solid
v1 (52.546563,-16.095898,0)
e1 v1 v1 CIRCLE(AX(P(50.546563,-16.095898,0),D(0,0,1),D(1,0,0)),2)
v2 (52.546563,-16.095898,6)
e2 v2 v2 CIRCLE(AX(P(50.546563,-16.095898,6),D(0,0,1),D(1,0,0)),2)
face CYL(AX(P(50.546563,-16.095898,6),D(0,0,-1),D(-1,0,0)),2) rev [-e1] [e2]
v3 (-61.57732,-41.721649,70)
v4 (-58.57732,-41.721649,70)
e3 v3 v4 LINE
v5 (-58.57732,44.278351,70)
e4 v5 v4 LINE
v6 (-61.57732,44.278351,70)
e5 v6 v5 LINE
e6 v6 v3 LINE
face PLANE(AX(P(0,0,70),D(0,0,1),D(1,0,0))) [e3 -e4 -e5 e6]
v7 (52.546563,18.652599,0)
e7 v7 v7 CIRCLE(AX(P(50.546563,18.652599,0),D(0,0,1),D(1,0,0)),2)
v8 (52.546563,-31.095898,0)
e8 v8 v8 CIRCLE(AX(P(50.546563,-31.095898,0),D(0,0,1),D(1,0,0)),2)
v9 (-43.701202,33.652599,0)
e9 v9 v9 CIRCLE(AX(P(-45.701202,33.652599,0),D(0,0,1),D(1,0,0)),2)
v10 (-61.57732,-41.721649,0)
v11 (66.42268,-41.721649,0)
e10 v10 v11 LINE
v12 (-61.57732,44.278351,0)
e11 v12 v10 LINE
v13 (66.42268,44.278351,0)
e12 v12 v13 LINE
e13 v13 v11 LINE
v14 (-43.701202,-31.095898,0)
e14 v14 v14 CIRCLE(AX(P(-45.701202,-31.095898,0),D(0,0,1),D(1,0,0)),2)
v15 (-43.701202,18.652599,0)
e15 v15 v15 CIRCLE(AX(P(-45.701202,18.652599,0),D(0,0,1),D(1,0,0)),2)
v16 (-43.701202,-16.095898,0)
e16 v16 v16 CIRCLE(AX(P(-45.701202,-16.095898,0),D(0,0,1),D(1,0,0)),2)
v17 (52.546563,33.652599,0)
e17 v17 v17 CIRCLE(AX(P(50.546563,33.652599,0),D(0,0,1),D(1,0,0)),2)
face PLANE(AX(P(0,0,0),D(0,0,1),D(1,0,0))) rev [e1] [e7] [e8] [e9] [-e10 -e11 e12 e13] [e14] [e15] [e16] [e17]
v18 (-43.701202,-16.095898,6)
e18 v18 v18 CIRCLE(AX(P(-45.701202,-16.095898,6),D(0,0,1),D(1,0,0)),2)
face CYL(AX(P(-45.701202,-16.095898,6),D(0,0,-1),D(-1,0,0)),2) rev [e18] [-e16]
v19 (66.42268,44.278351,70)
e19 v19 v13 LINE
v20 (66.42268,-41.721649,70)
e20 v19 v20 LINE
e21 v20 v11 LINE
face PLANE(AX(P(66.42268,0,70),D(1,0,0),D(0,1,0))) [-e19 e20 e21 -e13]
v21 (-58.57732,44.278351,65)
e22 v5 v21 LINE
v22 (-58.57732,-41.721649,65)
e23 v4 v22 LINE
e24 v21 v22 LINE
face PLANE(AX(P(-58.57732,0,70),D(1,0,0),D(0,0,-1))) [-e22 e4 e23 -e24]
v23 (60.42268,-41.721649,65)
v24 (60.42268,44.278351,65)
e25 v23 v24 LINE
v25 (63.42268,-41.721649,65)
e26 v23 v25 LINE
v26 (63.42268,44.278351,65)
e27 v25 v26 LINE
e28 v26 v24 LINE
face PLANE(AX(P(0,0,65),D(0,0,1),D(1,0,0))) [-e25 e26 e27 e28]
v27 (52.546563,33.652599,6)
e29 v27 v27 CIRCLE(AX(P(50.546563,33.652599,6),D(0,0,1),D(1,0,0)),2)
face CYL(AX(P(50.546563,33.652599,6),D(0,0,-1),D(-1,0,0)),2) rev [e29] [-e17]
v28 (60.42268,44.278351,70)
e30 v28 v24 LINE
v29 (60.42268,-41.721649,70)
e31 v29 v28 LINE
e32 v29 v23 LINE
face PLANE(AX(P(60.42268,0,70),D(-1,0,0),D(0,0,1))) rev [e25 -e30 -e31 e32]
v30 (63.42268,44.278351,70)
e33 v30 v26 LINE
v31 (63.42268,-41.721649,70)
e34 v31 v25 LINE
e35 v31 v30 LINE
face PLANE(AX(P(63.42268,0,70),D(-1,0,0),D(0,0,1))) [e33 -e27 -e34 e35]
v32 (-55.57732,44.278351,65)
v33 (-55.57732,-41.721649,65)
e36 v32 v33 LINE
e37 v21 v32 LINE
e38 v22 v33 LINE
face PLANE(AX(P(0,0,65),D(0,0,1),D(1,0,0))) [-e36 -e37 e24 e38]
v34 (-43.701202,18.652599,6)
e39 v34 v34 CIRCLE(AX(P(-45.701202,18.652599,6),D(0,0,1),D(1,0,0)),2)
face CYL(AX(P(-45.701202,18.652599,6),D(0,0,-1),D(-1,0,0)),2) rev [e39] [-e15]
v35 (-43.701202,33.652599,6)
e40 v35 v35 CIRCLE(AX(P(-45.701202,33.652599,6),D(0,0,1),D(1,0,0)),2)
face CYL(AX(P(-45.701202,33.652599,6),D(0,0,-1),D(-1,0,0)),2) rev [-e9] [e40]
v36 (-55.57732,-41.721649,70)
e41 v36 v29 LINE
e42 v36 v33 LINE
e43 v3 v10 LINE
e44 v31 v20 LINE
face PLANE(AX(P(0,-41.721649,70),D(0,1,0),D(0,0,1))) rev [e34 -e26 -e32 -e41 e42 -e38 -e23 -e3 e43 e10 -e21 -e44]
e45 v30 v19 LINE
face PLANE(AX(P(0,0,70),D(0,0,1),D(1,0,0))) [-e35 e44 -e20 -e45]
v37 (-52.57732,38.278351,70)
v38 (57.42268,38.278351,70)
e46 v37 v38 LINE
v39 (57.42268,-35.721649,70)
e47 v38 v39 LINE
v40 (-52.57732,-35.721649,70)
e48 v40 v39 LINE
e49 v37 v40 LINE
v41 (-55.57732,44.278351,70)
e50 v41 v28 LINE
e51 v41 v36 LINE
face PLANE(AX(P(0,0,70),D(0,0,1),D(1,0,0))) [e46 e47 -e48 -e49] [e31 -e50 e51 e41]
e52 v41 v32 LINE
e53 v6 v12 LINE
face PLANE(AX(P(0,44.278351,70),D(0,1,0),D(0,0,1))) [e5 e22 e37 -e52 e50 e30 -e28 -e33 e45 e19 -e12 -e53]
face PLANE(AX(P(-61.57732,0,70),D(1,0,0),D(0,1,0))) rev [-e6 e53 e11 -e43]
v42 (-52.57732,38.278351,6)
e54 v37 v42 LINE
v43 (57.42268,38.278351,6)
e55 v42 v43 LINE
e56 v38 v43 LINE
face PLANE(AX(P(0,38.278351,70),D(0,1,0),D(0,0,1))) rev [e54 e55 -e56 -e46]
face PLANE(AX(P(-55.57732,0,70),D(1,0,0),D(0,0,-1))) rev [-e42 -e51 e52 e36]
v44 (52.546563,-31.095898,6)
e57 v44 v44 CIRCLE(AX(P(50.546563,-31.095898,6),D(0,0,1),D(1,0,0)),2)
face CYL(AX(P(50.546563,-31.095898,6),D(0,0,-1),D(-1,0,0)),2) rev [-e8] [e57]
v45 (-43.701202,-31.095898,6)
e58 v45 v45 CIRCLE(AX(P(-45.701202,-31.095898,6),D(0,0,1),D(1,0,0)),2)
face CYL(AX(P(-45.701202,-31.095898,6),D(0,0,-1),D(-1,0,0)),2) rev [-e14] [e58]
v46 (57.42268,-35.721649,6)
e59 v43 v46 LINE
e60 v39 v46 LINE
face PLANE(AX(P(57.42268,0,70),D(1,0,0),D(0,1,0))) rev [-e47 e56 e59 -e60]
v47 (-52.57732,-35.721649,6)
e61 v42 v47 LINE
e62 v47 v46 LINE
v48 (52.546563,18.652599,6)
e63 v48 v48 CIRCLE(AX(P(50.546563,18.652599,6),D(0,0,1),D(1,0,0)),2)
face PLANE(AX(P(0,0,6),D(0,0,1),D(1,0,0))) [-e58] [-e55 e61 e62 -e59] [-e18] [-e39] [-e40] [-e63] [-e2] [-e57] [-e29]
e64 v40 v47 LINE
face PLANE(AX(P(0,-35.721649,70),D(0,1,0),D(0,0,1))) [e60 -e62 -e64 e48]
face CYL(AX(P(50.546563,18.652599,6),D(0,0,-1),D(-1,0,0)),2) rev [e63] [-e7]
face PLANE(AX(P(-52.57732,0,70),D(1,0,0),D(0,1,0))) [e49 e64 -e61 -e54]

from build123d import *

# Parameters (mm, degrees)
SKETCH_1_W         = 3
SKETCH_1_H         = 86
EXTRUDE_10_DEPTH   = 70
SKETCH_1_W_2       = 116
SKETCH_1_W_3       = 110
SKETCH_1_H_2       = 74
EXTRUDE_10_2_DEPTH = 70
EXTRUDE_10_3_DEPTH = 70
EXTRUDE_11_DEPTH   = 65
SKETCH_1_12_W      = 110
SKETCH_1_12_H      = 74
SKETCH_1_12_R      = 2
EXTRUDE_12_DEPTH   = 6


with BuildPart() as part:
    # Эскиз1 → Бобышка-Вытянуть10 (new body)
    with BuildSketch(Plane.XY):
        with Locations((-60.077319588, 1.278350515)):
            Rectangle(SKETCH_1_W, SKETCH_1_H)
    extrude(amount=EXTRUDE_10_DEPTH)



with BuildPart() as body_2:
    # Эскиз1 → Extrude 10 2 (new body)
    with BuildSketch(Plane.XY):
        with Locations((2.422680412, 1.278350515)):
            Rectangle(SKETCH_1_W_2, SKETCH_1_H)
        with Locations((2.422680412, 1.278350515)):
            Rectangle(SKETCH_1_W_3, SKETCH_1_H_2, mode=Mode.SUBTRACT)
    extrude(amount=EXTRUDE_10_2_DEPTH)


with BuildPart() as body_3:
    # Эскиз1 → Extrude 10 3 (new body)
    with BuildSketch(Plane.XY):
        with Locations((64.922680412, 1.278350515)):
            Rectangle(SKETCH_1_W, SKETCH_1_H)
    extrude(amount=EXTRUDE_10_3_DEPTH)


with BuildPart() as part_1:
    add(part.part)

    add(body_2.part)  # Бобышка-Вытянуть11 merges body 2

    add(body_3.part)  # Бобышка-Вытянуть11 merges body 3
    # Эскиз1<11> → Бобышка-Вытянуть11 (add)
    with BuildSketch(Plane.XY):
        Polygon((-58.577319588, 38.278350515), (-58.577319588, 44.278350515), (-55.577319588, 44.278350515), (-55.577319588, 38.278350515), (-55.577319588, -35.721649485), (-55.577319588, -41.721649485), (-58.577319588, -41.721649485), (-58.577319588, -35.721649485), align=None)
        Polygon((60.422680412, -35.721649485), (60.422680412, -41.721649485), (63.422680412, -41.721649485), (63.422680412, -35.721649485), (63.422680412, 38.278350515), (63.422680412, 44.278350515), (60.422680412, 44.278350515), (60.422680412, 38.278350515), align=None)
    extrude(amount=EXTRUDE_11_DEPTH)

    # Эскиз1<12> → Бобышка-Вытянуть12 (add)
    with BuildSketch(Plane.XY):
        with Locations((2.422680412, 1.278350515)):
            Rectangle(SKETCH_1_12_W, SKETCH_1_12_H)
        with Locations((50.546562804, 33.65259867)):
            Circle(SKETCH_1_12_R, mode=Mode.SUBTRACT)
        with Locations((-45.701201979, 33.65259867)):
            Circle(SKETCH_1_12_R, mode=Mode.SUBTRACT)
        with Locations((50.546562804, -31.095897639)):
            Circle(SKETCH_1_12_R, mode=Mode.SUBTRACT)
        with Locations((50.546562804, -16.095897639)):
            Circle(SKETCH_1_12_R, mode=Mode.SUBTRACT)
        with Locations((50.546562804, 18.65259867)):
            Circle(SKETCH_1_12_R, mode=Mode.SUBTRACT)
        with Locations((-45.701201979, -16.095897639)):
            Circle(SKETCH_1_12_R, mode=Mode.SUBTRACT)
        with Locations((-45.701201979, 18.65259867)):
            Circle(SKETCH_1_12_R, mode=Mode.SUBTRACT)
        with Locations((-45.701201979, -31.095897639)):
            Circle(SKETCH_1_12_R, mode=Mode.SUBTRACT)
    extrude(amount=EXTRUDE_12_DEPTH)


solid = part_1.part
